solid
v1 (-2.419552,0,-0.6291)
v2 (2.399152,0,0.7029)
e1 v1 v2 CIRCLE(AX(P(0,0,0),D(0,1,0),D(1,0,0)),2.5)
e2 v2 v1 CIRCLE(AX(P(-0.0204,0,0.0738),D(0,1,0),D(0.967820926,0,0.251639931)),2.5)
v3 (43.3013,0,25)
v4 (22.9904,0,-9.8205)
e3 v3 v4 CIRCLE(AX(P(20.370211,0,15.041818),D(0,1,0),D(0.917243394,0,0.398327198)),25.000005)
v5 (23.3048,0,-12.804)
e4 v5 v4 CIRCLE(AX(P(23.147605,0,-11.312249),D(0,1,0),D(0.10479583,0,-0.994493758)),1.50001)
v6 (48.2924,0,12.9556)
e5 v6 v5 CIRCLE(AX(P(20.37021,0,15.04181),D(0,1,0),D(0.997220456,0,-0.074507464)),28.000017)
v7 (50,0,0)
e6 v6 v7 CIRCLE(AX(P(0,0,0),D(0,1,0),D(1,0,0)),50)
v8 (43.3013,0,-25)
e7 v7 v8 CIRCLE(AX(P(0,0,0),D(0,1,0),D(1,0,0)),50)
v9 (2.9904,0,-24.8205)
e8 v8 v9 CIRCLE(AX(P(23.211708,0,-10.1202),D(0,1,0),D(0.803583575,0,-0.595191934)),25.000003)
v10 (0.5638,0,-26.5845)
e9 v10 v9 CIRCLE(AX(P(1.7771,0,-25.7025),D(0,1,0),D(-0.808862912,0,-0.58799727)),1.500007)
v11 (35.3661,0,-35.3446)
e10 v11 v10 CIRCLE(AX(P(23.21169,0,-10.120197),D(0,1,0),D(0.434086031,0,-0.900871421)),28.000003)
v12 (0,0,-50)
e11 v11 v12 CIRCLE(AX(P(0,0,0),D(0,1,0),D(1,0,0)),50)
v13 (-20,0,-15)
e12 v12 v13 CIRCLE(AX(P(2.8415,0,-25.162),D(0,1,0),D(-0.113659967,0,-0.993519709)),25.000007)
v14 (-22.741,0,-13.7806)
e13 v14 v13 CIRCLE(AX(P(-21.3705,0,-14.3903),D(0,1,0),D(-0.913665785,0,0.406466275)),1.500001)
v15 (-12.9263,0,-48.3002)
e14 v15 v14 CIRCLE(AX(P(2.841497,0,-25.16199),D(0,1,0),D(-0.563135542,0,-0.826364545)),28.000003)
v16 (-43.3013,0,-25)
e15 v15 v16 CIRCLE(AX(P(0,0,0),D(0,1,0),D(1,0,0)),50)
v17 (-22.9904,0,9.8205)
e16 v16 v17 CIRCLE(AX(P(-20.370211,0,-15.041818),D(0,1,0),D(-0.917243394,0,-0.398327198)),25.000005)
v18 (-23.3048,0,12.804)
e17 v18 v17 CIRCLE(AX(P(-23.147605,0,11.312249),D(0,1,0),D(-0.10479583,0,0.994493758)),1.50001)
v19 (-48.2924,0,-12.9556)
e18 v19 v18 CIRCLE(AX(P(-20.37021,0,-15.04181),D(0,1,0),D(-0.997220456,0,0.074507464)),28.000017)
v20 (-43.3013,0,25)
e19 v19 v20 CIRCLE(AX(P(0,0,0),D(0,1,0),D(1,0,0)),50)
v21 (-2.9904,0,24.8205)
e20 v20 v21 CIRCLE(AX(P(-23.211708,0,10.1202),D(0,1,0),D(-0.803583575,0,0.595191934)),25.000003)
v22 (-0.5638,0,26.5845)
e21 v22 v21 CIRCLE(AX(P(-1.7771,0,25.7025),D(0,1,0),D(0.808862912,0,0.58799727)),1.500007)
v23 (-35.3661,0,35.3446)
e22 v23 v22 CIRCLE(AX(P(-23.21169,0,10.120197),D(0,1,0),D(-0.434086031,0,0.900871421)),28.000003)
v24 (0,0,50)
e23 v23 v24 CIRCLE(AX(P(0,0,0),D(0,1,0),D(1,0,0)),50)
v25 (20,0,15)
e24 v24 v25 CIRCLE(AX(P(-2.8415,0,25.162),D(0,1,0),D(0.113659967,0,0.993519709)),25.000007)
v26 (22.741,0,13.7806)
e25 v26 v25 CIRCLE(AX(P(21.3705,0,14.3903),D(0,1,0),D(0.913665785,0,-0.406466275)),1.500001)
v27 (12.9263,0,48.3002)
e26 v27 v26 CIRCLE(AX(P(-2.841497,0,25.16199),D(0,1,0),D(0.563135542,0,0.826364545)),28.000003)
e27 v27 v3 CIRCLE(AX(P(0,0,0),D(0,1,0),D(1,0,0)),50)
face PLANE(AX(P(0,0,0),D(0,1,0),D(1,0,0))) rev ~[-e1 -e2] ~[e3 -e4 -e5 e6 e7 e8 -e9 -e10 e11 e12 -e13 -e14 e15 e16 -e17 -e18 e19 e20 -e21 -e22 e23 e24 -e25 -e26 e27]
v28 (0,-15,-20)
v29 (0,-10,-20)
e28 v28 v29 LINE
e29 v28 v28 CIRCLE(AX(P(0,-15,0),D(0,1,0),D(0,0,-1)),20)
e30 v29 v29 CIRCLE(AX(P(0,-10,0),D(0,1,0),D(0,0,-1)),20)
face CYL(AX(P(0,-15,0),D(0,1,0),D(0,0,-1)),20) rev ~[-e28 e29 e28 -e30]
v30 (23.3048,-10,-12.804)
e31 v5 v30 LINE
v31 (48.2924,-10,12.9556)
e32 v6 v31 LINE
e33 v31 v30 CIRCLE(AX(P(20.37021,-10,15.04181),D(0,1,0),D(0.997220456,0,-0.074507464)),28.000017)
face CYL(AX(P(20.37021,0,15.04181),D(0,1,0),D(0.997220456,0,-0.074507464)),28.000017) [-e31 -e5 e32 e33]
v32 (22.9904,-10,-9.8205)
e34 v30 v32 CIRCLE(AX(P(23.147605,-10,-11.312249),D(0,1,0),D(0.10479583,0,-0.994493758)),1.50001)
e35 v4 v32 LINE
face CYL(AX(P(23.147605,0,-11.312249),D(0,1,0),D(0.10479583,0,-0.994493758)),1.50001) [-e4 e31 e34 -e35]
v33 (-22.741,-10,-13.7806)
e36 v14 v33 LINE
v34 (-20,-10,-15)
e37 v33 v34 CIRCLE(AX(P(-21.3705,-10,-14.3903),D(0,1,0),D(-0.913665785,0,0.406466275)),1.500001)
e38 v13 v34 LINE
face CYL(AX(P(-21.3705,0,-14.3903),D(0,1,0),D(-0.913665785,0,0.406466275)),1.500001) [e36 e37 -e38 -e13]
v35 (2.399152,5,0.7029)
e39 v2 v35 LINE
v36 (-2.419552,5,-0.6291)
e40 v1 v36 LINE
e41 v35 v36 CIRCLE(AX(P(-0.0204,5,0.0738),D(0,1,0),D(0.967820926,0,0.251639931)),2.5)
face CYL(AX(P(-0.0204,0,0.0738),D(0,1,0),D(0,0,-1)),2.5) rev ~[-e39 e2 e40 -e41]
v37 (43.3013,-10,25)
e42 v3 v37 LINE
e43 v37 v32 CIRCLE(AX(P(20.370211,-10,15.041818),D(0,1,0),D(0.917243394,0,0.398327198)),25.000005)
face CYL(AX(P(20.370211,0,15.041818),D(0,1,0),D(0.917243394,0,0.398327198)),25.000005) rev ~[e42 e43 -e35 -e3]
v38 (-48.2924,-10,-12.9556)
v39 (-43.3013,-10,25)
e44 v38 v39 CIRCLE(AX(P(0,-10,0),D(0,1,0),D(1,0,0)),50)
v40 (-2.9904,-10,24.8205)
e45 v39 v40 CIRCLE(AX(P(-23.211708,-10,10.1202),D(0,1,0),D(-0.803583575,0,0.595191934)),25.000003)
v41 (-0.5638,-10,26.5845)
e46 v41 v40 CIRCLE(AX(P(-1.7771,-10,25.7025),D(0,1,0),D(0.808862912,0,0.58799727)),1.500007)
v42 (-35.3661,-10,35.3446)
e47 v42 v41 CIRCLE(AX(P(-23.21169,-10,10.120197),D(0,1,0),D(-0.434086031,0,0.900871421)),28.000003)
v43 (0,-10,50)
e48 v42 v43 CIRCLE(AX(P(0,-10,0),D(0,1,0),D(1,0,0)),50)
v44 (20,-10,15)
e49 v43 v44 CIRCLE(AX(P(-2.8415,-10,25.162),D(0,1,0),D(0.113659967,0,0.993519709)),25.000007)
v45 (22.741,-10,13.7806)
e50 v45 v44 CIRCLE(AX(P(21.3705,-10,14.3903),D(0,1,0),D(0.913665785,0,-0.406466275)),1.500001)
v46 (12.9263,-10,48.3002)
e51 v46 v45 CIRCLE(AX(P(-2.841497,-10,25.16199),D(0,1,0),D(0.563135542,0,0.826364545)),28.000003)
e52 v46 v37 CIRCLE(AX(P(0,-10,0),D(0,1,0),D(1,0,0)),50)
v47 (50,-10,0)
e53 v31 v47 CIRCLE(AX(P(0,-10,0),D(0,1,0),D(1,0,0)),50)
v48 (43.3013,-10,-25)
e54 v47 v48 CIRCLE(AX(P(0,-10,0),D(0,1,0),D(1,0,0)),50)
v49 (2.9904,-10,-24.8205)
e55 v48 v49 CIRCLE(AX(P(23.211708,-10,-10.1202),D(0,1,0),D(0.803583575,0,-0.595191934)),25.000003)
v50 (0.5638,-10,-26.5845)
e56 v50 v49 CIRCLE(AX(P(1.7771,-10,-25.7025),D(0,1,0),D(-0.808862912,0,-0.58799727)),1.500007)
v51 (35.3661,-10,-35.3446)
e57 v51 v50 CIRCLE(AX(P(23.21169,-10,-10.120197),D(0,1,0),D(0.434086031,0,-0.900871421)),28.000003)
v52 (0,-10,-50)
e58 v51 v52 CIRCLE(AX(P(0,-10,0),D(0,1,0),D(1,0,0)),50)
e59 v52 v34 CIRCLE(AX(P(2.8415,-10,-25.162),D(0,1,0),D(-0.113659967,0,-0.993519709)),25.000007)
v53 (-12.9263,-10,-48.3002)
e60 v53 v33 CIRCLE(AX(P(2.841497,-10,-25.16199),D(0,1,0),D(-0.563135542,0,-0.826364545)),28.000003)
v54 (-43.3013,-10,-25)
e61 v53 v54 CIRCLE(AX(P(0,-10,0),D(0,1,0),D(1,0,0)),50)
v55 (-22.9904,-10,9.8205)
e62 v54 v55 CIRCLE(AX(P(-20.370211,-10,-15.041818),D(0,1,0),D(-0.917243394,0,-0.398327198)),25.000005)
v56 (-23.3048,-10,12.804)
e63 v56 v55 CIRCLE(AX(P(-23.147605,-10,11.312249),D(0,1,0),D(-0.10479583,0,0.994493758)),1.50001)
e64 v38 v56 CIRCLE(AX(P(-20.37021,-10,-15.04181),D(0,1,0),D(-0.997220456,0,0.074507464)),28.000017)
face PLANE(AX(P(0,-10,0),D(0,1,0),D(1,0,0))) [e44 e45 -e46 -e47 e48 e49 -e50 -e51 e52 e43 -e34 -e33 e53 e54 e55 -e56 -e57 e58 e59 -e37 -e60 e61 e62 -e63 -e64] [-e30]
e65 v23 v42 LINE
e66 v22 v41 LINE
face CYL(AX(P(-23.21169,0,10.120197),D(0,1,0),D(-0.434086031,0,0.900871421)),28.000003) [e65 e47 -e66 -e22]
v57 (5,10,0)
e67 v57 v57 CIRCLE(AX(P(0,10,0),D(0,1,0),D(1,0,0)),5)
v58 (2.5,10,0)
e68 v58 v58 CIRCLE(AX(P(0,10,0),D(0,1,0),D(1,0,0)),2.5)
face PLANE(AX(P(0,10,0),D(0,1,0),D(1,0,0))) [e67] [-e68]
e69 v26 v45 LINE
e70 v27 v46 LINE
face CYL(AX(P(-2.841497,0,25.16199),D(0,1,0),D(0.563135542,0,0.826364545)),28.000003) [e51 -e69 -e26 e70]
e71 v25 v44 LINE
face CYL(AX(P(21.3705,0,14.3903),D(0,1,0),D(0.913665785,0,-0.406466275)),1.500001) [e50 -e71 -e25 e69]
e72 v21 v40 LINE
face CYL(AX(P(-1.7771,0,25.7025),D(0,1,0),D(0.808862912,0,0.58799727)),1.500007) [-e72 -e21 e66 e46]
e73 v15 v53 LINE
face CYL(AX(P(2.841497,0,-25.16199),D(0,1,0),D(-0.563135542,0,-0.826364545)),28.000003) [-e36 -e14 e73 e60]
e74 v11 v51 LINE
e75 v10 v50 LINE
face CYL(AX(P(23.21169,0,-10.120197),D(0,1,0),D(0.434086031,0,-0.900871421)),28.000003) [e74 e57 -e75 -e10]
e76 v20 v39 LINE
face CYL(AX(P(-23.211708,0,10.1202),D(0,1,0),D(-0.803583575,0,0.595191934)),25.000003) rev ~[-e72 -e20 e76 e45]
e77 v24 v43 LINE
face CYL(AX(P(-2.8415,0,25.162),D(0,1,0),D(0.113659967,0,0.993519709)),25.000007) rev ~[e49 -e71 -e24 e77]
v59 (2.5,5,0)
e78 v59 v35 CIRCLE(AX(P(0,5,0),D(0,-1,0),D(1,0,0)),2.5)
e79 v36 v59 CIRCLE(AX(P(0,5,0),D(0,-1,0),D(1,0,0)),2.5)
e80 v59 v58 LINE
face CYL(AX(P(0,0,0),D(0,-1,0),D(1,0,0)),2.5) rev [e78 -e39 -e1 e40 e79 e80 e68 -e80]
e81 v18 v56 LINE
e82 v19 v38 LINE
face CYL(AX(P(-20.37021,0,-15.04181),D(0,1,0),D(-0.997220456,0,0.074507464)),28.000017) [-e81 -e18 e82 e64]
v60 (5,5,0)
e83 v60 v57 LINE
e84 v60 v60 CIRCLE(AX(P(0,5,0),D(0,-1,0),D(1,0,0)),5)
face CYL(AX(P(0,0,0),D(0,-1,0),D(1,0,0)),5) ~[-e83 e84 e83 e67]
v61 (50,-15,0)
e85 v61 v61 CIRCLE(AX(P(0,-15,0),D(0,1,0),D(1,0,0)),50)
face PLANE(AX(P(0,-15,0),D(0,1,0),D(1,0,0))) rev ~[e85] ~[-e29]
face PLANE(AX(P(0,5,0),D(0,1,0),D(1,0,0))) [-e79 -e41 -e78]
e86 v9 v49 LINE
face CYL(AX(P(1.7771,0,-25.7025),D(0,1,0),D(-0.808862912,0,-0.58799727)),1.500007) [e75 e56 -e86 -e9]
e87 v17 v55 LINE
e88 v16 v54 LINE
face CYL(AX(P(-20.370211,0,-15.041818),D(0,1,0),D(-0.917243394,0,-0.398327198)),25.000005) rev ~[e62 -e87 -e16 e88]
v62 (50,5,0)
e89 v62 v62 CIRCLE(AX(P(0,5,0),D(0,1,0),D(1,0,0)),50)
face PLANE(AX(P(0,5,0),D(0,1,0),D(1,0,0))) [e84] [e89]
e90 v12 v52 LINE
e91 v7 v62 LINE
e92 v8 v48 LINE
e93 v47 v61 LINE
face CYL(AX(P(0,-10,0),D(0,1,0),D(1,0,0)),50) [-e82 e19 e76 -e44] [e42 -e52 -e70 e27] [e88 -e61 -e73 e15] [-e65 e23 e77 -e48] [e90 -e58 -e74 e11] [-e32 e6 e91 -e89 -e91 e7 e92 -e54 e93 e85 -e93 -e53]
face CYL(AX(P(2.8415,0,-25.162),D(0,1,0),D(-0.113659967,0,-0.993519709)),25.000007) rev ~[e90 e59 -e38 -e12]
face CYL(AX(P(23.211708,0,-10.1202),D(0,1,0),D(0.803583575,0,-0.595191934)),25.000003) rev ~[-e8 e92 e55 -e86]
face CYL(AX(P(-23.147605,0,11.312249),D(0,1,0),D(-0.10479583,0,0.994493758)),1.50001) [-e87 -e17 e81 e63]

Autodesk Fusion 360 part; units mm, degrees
sketch "Sketch1" plane through (0, 0, 0) normal (0, 1, 0) x (1, 0, 0)
  circle A0 centre (0, 0) radius 50
  circle A1 centre (0, 0) radius 25 construction
  arc A2 (0, -50) -> (20, -15) centre (-2.8415, -25.162) ccw
  arc A3 (12.9263, -48.3002) -> (22.741, -13.7806) centre (-2.8415, -25.162) ccw
  arc A4 (22.741, -13.7806) -> (20, -15) centre (21.3705, -14.3903) ccw
  line L0 (0, -1.75) -> (0, -22.5)
  arc A5 (23.3048, 12.804) -> (22.9904, 9.8205) centre (23.1476, 11.3122) ccw
  arc A6 (43.3013, -25) -> (22.9904, 9.8205) centre (20.3702, -15.0418) ccw
  arc A7 (48.2924, -12.9556) -> (23.3048, 12.804) centre (20.3702, -15.0418) ccw
  arc A8 (0.5638, 26.5845) -> (2.9904, 24.8205) centre (1.7771, 25.7025) ccw
  arc A9 (43.3013, 25) -> (2.9904, 24.8205) centre (23.2117, 10.1202) ccw
  arc A10 (35.3661, 35.3446) -> (0.5638, 26.5845) centre (23.2117, 10.1202) ccw
  arc A11 (-22.741, 13.7806) -> (-20, 15) centre (-21.3705, 14.3903) ccw
  arc A12 (0, 50) -> (-20, 15) centre (2.8415, 25.162) ccw
  arc A13 (-12.9263, 48.3002) -> (-22.741, 13.7806) centre (2.8415, 25.162) ccw
  arc A14 (-23.3048, -12.804) -> (-22.9904, -9.8205) centre (-23.1476, -11.3122) ccw
  arc A15 (-43.3013, 25) -> (-22.9904, -9.8205) centre (-20.3702, 15.0418) ccw
  arc A16 (-48.2924, 12.9556) -> (-23.3048, -12.804) centre (-20.3702, 15.0418) ccw
  arc A17 (-0.5638, -26.5845) -> (-2.9904, -24.8205) centre (-1.7771, -25.7025) ccw
  arc A18 (-43.3013, -25) -> (-2.9904, -24.8205) centre (-23.2117, -10.1202) ccw
  arc A19 (-35.3661, -35.3446) -> (-0.5638, -26.5845) centre (-23.2117, -10.1202) ccw
  dimension "d1" = 100
  dimension "d2" = 50
  dimension "d6" = 1.5
  dimension "d7" = 25
  dimension "d9" = 360
extrude "Extrude1" add sketch "Sketch1" against normal blind 10 contours A0 A8 A9 A10 | A0 A5 A6 A7 | A0 A11 A12 A13 | A0 A2 A3 A4 | A0 A14 A15 A16 | A0 A17 A18 A19 makes body 1 at (4.4955, -6.6667, -26.6944) makes body 2 at (-20.1028, -6.6667, 34.9262) makes body 3 at (-20.1955, -6.6667, -34.8726) makes body 4 at (43.3198, -6.6667, 5.1264) makes body 5 at (20.4621, -6.6667, 16.1098) makes body 6 at (-25.3658, -6.6667, 9.454)
sketch "Sketch2" plane through (0, 0, 0) normal (0, 1, 0) x (1, 0, 0)
  circle A0 centre (0, 0) radius 50
extrude "Extrude2" add sketch "Sketch2" along normal blind 5 bodies 1 2 3 4 5 6
ref_plane "WorkPlane1" through (0, -10, 0) normal (0, 1, 0) x (0, 0, 1)
sketch "Sketch3" plane through (0, -10, 0) normal (0, 1, 0) x (1, 0, 0)
  circle A0 centre (0, 0) radius 50
  dimension "d15" = 100
extrude "Extrude3" add sketch "Sketch3" against normal blind 5 separate body makes body 7
combine "Combine1" operation add target body 7 tool bodies 1
hole "Hole1" at (0, -15, 0) direction (0, 1, 0) diameter 40 depth 15 tip angle 180 bodies 7
sketch "Sketch4" plane through (0, 0, 0) normal (0, 1, 0) x (1, 0, 0)
  circle A0 centre (0, 0) radius 5
  circle A1 centre (0, 0) radius 2.5
  dimension "d21" = 10
  dimension "d22" = 5
hole "Hole2" at (-0.0204, 0, 0.0738) direction (0, 1, 0) diameter 5 depth 50 tip angle 180 bodies 7
extrude "Extrude5" add sketch "Sketch4" along normal blind 10 bodies 7
